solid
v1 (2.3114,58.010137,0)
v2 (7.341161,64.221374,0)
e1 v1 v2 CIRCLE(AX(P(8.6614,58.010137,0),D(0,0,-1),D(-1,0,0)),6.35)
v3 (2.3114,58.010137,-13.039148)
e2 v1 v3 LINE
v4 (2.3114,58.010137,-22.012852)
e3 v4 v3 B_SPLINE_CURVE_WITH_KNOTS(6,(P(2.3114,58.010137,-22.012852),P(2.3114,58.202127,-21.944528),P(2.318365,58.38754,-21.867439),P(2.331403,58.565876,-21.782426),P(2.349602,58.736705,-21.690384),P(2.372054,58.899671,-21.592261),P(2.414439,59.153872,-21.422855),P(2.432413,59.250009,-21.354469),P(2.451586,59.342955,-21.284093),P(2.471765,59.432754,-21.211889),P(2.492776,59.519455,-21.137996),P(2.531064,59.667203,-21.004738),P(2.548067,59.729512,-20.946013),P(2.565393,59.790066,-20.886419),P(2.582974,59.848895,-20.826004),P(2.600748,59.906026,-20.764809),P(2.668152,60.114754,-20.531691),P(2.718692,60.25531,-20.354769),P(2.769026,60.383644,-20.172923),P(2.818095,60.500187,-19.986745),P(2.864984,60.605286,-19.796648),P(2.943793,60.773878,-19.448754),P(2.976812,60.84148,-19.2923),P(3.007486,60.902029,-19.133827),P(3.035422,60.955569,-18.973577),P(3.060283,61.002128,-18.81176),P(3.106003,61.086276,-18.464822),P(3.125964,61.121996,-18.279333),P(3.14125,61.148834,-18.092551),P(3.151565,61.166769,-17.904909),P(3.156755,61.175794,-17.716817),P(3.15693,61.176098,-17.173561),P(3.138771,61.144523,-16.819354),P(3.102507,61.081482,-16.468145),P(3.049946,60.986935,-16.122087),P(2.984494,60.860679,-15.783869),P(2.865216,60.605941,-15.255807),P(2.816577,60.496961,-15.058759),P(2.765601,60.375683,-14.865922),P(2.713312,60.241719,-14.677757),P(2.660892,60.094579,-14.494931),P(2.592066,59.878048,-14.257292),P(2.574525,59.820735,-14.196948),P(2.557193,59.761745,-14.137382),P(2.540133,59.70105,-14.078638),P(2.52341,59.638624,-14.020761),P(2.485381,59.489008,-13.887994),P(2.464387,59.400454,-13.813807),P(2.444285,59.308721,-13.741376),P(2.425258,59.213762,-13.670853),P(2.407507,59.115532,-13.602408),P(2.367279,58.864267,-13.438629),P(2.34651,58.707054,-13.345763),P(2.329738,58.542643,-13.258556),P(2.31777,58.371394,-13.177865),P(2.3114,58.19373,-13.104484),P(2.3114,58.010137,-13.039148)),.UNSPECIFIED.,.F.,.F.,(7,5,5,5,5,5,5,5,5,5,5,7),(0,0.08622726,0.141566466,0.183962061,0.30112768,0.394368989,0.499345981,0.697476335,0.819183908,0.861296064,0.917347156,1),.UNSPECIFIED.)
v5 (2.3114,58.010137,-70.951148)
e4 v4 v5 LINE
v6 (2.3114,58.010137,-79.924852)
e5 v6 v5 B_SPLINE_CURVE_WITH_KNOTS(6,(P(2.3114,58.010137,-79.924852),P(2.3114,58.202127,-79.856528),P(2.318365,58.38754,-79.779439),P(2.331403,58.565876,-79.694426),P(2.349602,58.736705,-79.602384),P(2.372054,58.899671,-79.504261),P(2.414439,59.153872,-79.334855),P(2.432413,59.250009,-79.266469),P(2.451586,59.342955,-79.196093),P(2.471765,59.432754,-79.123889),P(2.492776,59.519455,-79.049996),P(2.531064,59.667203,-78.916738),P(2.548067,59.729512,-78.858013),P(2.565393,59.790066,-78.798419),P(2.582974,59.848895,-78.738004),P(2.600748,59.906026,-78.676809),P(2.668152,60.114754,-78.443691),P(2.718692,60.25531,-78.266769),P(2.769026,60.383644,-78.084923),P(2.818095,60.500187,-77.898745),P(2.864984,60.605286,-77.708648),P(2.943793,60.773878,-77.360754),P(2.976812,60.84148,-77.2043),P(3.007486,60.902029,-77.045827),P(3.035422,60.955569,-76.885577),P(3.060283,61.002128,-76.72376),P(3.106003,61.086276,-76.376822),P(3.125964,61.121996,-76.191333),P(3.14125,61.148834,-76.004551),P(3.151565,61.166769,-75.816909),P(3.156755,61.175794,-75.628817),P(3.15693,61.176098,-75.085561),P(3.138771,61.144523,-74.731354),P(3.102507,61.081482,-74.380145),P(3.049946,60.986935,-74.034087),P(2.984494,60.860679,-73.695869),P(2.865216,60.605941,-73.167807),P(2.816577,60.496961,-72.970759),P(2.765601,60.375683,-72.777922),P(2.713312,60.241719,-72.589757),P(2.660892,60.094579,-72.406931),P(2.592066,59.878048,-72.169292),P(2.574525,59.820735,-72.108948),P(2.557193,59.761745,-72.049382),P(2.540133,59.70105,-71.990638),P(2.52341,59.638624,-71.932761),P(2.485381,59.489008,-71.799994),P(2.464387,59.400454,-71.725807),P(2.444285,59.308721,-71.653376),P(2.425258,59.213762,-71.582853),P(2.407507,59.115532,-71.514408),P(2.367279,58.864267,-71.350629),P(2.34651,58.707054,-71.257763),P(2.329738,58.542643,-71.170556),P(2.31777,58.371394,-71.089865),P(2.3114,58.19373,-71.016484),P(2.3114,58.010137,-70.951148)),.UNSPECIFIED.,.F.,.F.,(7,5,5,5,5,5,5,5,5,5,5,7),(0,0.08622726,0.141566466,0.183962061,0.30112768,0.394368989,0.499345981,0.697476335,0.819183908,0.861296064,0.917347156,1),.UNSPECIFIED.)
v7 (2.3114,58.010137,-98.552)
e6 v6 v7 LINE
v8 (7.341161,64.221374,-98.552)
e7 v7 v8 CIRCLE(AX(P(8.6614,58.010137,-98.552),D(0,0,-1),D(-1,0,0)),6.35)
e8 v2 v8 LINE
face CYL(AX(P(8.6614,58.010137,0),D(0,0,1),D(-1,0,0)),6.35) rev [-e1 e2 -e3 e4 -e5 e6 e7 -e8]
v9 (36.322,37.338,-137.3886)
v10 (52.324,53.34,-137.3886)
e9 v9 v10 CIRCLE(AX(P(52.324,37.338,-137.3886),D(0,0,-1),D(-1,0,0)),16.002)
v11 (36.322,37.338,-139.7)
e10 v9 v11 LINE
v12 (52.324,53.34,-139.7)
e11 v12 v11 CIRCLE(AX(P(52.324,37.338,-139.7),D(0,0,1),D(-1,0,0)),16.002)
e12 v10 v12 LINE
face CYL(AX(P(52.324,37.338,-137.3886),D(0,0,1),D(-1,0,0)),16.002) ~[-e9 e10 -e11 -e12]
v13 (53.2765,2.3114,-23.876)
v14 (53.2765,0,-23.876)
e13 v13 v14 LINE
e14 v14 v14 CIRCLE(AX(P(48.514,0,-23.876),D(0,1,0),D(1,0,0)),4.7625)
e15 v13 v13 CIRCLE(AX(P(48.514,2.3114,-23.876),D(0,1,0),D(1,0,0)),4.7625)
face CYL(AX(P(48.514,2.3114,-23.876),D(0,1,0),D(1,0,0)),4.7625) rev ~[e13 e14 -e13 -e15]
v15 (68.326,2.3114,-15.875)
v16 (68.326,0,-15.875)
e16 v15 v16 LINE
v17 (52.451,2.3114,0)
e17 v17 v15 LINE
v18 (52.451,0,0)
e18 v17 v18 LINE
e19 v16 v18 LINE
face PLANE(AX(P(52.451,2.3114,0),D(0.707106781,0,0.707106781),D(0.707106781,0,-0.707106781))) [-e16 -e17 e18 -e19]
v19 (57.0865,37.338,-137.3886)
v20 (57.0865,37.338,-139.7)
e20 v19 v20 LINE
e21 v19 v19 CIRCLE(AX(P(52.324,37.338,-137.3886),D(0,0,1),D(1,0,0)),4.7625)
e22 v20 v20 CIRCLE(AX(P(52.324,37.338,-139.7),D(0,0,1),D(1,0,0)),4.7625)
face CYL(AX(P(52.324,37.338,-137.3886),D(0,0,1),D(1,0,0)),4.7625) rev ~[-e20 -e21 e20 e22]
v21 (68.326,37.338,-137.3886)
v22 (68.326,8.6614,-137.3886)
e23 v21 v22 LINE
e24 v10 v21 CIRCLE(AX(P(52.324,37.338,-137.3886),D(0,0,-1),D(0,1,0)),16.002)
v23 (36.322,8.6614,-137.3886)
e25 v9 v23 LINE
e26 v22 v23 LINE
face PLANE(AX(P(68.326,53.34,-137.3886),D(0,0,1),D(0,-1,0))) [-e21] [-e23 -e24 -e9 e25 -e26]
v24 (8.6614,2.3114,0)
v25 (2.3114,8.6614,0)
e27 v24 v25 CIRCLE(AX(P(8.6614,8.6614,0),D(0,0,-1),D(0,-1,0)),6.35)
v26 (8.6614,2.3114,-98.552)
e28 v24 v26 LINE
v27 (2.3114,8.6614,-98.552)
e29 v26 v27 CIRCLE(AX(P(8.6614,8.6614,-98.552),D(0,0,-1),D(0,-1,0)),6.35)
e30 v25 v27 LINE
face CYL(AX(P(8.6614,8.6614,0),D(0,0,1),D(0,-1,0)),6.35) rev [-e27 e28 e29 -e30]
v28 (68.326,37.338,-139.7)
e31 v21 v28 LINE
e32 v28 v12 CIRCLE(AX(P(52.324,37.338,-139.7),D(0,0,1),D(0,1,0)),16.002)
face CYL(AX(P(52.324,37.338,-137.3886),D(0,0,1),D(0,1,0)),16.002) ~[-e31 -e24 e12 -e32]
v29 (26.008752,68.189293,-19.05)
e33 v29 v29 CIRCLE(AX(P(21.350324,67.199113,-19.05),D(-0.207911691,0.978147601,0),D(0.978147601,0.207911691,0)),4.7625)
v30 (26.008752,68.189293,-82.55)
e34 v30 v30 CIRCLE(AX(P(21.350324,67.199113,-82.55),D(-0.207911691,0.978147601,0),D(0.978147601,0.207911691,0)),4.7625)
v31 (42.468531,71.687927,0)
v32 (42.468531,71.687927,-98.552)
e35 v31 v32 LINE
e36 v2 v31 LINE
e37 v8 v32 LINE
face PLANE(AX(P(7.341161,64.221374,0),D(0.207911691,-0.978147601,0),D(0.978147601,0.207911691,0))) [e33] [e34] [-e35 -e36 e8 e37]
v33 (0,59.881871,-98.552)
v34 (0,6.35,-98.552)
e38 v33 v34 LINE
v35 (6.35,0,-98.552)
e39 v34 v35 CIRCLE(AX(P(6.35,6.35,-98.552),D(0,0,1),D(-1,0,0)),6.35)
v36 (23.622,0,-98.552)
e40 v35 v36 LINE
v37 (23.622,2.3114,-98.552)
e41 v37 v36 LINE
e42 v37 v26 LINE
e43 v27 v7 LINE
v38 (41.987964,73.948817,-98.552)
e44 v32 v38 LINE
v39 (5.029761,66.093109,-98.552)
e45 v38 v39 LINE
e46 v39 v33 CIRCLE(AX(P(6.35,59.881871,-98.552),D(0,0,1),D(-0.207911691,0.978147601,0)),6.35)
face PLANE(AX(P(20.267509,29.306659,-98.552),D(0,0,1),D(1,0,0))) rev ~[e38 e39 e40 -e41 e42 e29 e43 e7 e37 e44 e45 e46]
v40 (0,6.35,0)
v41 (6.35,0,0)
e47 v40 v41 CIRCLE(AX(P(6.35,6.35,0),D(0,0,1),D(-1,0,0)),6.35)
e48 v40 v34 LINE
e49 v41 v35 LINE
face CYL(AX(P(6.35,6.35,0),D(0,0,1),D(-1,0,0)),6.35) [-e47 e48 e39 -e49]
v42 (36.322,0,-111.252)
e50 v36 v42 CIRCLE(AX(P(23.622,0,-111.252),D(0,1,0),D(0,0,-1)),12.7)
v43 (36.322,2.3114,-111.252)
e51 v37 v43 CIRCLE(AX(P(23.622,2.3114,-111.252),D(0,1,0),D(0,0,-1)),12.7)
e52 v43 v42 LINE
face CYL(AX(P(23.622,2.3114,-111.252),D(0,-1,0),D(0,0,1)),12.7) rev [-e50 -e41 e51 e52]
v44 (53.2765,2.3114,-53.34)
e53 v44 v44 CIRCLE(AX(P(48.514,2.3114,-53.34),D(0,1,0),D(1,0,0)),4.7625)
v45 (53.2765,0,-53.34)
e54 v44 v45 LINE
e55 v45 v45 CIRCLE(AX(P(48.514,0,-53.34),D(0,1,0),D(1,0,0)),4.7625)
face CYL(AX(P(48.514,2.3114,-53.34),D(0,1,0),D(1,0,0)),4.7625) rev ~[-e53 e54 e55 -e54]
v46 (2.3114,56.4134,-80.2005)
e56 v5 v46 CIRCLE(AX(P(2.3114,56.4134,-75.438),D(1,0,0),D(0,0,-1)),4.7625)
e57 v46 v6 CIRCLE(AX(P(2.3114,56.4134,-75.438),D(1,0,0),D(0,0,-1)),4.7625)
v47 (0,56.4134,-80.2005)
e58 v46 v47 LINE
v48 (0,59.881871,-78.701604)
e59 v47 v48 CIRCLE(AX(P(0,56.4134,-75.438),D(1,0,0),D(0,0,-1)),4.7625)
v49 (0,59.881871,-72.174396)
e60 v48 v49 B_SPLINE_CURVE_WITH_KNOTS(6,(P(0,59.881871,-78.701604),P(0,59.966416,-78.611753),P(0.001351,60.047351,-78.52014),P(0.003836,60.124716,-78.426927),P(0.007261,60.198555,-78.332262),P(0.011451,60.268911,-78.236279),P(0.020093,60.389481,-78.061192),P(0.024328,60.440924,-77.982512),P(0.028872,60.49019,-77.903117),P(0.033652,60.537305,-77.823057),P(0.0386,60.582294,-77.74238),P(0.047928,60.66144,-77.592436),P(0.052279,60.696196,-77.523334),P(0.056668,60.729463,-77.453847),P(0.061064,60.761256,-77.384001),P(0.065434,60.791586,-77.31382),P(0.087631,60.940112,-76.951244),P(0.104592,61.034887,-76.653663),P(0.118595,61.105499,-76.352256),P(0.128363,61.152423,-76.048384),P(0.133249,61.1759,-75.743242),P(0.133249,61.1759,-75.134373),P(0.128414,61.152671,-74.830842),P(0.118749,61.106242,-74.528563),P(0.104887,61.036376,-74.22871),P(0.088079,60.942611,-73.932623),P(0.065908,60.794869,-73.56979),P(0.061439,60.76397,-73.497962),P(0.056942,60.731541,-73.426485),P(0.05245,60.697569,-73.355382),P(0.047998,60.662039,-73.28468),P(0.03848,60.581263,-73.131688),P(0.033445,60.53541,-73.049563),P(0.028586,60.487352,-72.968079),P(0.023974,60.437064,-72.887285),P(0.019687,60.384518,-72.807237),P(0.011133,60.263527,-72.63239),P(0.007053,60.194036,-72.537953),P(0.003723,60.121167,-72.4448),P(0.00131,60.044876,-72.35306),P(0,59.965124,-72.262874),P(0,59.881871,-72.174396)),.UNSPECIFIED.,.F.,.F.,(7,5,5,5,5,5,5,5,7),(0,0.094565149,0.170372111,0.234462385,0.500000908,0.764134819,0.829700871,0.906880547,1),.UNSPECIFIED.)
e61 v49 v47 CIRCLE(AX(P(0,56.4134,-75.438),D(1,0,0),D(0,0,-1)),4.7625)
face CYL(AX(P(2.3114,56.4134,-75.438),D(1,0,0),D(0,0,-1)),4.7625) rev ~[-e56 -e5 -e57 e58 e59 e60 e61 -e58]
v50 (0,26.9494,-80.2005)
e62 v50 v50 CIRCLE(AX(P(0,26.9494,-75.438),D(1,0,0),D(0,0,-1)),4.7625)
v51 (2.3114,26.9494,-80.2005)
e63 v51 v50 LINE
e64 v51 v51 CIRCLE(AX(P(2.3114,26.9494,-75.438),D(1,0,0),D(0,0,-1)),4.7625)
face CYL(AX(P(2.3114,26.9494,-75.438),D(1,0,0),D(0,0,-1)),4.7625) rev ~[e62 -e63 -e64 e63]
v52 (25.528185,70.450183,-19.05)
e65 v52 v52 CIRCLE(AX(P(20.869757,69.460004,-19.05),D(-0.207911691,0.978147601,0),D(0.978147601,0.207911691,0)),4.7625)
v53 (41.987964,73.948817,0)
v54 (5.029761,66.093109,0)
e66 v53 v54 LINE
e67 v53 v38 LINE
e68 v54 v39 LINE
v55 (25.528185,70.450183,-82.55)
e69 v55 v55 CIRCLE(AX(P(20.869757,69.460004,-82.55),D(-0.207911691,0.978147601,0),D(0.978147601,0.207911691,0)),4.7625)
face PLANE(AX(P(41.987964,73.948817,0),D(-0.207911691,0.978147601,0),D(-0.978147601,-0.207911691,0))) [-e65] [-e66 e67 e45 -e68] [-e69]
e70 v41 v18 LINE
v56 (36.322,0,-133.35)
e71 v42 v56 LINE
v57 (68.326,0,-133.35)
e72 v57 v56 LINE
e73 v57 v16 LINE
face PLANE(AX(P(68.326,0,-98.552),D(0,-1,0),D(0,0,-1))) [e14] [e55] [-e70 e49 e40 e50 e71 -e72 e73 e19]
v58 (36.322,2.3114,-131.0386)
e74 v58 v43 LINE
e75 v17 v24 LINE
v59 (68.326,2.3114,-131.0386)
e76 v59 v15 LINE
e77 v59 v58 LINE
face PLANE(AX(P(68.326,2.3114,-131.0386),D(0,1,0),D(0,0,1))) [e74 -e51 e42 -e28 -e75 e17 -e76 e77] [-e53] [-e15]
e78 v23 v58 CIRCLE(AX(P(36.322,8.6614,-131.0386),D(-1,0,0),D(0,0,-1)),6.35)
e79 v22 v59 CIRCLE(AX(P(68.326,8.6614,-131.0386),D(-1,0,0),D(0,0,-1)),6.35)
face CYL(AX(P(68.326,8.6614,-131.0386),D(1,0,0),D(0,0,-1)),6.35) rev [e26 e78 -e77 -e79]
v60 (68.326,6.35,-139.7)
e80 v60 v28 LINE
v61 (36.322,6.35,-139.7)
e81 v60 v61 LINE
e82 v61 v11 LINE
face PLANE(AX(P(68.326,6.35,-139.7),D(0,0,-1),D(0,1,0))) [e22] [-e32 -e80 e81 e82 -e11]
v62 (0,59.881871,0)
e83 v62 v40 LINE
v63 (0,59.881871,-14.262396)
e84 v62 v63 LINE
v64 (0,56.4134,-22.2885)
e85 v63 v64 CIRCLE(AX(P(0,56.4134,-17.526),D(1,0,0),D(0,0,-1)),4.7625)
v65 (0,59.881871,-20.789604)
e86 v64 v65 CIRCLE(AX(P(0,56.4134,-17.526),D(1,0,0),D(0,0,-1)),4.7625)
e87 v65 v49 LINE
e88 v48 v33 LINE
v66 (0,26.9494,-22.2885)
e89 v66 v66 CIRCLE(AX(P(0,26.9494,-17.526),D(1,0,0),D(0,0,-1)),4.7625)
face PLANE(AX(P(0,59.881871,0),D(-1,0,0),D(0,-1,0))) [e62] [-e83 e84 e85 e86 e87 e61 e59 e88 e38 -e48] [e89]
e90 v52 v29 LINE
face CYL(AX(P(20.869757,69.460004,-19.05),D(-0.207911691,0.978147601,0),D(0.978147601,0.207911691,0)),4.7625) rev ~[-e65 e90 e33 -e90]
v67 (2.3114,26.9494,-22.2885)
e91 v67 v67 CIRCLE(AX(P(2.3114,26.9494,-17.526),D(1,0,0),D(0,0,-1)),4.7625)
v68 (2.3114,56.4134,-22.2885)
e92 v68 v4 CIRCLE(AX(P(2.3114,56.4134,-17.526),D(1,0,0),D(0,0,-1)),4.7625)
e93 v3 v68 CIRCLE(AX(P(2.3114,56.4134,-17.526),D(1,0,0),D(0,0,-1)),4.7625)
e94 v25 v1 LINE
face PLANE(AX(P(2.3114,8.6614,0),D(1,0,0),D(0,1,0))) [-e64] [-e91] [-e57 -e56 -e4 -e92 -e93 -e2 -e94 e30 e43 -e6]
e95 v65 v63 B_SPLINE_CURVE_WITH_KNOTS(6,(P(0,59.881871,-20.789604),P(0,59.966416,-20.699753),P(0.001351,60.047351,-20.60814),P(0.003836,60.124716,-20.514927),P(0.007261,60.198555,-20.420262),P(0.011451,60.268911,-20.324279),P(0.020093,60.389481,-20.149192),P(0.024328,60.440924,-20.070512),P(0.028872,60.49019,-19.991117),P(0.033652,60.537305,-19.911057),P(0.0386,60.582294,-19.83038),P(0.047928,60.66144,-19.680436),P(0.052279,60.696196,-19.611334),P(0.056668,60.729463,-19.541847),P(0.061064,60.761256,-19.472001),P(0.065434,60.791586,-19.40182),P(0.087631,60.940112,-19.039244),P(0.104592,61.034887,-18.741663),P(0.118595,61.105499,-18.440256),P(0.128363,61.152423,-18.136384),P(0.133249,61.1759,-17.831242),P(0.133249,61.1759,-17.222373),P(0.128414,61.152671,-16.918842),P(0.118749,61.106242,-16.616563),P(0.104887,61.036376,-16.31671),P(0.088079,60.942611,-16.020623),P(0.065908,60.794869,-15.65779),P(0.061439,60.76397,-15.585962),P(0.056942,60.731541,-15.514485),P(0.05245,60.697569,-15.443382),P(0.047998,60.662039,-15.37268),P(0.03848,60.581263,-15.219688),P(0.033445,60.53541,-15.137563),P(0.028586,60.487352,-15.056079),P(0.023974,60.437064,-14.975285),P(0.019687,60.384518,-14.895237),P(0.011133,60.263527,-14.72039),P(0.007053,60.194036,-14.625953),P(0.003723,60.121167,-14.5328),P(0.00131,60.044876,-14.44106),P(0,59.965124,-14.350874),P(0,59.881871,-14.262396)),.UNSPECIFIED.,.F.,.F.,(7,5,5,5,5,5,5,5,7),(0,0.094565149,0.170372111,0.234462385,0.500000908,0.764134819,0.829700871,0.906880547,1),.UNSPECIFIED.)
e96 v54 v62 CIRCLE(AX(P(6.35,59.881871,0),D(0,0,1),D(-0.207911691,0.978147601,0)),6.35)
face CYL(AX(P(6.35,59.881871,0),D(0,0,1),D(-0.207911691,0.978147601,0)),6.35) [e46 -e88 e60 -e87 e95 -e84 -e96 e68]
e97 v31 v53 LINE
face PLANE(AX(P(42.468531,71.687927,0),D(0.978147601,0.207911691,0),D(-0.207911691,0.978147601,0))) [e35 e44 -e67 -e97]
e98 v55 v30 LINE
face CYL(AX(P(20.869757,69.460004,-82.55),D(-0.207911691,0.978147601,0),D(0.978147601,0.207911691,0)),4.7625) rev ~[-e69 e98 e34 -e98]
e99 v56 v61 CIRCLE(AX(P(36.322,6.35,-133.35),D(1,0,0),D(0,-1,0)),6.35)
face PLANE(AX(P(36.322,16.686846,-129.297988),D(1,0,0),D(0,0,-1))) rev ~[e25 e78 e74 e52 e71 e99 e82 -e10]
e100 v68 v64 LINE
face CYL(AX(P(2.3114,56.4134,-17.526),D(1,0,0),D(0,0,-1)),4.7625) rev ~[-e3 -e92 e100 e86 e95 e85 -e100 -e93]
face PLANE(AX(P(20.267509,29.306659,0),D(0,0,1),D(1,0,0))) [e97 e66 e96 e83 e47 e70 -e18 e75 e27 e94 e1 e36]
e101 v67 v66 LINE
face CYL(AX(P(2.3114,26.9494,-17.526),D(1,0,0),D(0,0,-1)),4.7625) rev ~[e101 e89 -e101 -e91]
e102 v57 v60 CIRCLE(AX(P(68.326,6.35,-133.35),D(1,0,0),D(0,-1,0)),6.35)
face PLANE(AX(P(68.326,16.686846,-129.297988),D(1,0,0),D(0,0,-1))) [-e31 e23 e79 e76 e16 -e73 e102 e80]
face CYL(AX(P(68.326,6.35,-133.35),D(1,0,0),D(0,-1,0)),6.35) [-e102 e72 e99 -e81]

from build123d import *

# Parameters (mm, degrees)
BOSS_EXTRUDE1_DEPTH     = 98.552
BOSS_EXTRUDE2_DEPTH     = 32.004
SKETCH3_R               = 4.7625
CUT_EXTRUDE1_DEPTH      = 3.3114
FILLET1_R               = 12.7
SKETCH4_R               = 4.7625
CUT_EXTRUDE2_DEPTH      = 3.3114
SKETCH5_R               = 4.7625
CUT_EXTRUDE3_DEPTH      = 67.0146
CUT_EXTRUDE3_DEPTH_BACK = 3.3114
CUT_EXTRUDE4_REACH      = 79.809
SKETCH6_R               = 4.7625


with BuildPart() as part:
    # Sketch1 → Boss-Extrude1 (new body)
    with BuildSketch(Plane.XY):
        with BuildLine():
            Line((6.35, 0), (68.326, 0))
            Line((68.326, 0), (68.326, 2.3114))
            Line((68.326, 2.3114), (8.6614, 2.3114))
            ThreePointArc((8.6614, 2.3114), (4.171271939, 4.171271939), (2.3114, 8.6614))
            Line((2.3114, 8.6614), (2.3114, 58.010136575))
            ThreePointArc((2.3114, 58.010136575), (3.726523145, 62.006321058), (7.341160763, 64.22137384))
            Line((7.341160763, 64.22137384), (42.468530991, 71.687926876))
            Line((42.468530991, 71.687926876), (41.987963909, 73.94881724))
            Line((41.987963909, 73.94881724), (5.029760763, 66.093108654))
            ThreePointArc((5.029760763, 66.093108654), (1.415123145, 63.878055872), (0, 59.881871389))
            Line((0, 59.881871389), (0, 6.35))
            ThreePointArc((0, 6.35), (1.859871939, 1.859871939), (6.35, 0))
        make_face()
    extrude(amount=-BOSS_EXTRUDE1_DEPTH)

    # Sketch2 → Boss-Extrude2 (add)
    with BuildSketch(Plane(origin=(68.326, 0, 0), x_dir=(0, 0, -1), z_dir=(1, 0, 0))):
        with BuildLine():
            Line((98.552, 0), (133.35, 0))
            ThreePointArc((133.35, 0), (137.840128061, 1.859871939), (139.7, 6.35))
            Line((139.7, 6.35), (139.7, 53.34))
            Line((139.7, 53.34), (137.3886, 53.34))
            Line((137.3886, 53.34), (137.3886, 8.6614))
            ThreePointArc((137.3886, 8.6614), (135.528728061, 4.171271939), (131.0386, 2.3114))
            Line((131.0386, 2.3114), (98.552, 2.3114))
            Line((98.552, 2.3114), (98.552, 0))
        make_face()
    extrude(amount=-BOSS_EXTRUDE2_DEPTH)

    # Sketch3 → Cut-Extrude1 (cut, through all)
    with BuildSketch(Plane.XY.offset(-137.3886)):
        with BuildLine():
            Line((36.322, 53.34), (36.322, 37.338))
            ThreePointArc((36.322, 37.338), (41.008877287, 48.653122713), (52.324, 53.34))
            Line((52.324, 53.34), (36.322, 53.34))
        make_face()
        with BuildLine():
            ThreePointArc((52.324, 53.34), (63.639122713, 48.653122713), (68.326, 37.338))
            Line((68.326, 37.338), (68.326, 53.34))
            Line((68.326, 53.34), (52.324, 53.34))
        make_face()
        with Locations((52.324, 37.338)):
            Circle(SKETCH3_R)
    extrude(amount=-CUT_EXTRUDE1_DEPTH, mode=Mode.SUBTRACT)

    # Fillet1
    fillet1_edges = [part.edges().sort_by_distance(p)[0] for p in [
        (36.322, 1.1557, -98.552),
    ]]
    fillet(fillet1_edges, radius=FILLET1_R)

    # Sketch4 → Cut-Extrude2 (cut, through all)
    with BuildSketch(Plane(origin=(0, 2.3114, 0), x_dir=(1, 0, 0), z_dir=(0, 1, 0))):
        with Locations((48.514, 23.876)):
            Circle(SKETCH4_R)
        with Locations((48.514, 53.34)):
            Circle(SKETCH4_R)
        Polygon((52.451, 0), (68.326, 15.875), (68.326, 0), align=None)
    extrude(amount=-CUT_EXTRUDE2_DEPTH, mode=Mode.SUBTRACT)

    # Sketch5 → Cut-Extrude3 (cut, two sides)
    with BuildSketch(Plane(origin=(2.3114, 0, 0), x_dir=(0, 0, -1), z_dir=(1, 0, 0))) as cut_extrude3_sk:
        with Locations((17.526, 26.9494)):
            Circle(SKETCH5_R)
        with Locations((75.438, 26.9494)):
            Circle(SKETCH5_R)
        with Locations((17.526, 56.4134)):
            Circle(SKETCH5_R)
        with Locations((75.438, 56.4134)):
            Circle(SKETCH5_R)
    extrude(amount=CUT_EXTRUDE3_DEPTH, mode=Mode.SUBTRACT)
    extrude(cut_extrude3_sk.sketch, amount=-CUT_EXTRUDE3_DEPTH_BACK, mode=Mode.SUBTRACT)

    # Sketch6 → Cut-Extrude4 (cut, up to next)
    with BuildSketch(Plane(origin=(-13.22382174, 62.213189919, 0), x_dir=(0.978147601, 0.207911691, 0), z_dir=(-0.207911691, 0.978147601, 0)), mode=Mode.PRIVATE) as cut_extrude4_sk1:
        with Locations((34.855249784, 82.55)):
            Circle(SKETCH6_R)
    cut_extrude4_tool1 = extrude(cut_extrude4_sk1.sketch, amount=-CUT_EXTRUDE4_REACH, mode=Mode.PRIVATE) & part.part
    add(cut_extrude4_tool1.solids().sort_by_distance((20.869757, 69.460004, -82.55))[0], mode=Mode.SUBTRACT)
    # Sketch6 → Cut-Extrude4 (cut, up to next)
    with BuildSketch(Plane(origin=(-13.22382174, 62.213189919, 0), x_dir=(0.978147601, 0.207911691, 0), z_dir=(-0.207911691, 0.978147601, 0)), mode=Mode.PRIVATE) as cut_extrude4_sk2:
        with Locations((34.855249784, 19.05)):
            Circle(SKETCH6_R)
    cut_extrude4_tool2 = extrude(cut_extrude4_sk2.sketch, amount=-CUT_EXTRUDE4_REACH, mode=Mode.PRIVATE) & part.part
    add(cut_extrude4_tool2.solids().sort_by_distance((20.869757, 69.460004, -19.05))[0], mode=Mode.SUBTRACT)


solid = part.part
